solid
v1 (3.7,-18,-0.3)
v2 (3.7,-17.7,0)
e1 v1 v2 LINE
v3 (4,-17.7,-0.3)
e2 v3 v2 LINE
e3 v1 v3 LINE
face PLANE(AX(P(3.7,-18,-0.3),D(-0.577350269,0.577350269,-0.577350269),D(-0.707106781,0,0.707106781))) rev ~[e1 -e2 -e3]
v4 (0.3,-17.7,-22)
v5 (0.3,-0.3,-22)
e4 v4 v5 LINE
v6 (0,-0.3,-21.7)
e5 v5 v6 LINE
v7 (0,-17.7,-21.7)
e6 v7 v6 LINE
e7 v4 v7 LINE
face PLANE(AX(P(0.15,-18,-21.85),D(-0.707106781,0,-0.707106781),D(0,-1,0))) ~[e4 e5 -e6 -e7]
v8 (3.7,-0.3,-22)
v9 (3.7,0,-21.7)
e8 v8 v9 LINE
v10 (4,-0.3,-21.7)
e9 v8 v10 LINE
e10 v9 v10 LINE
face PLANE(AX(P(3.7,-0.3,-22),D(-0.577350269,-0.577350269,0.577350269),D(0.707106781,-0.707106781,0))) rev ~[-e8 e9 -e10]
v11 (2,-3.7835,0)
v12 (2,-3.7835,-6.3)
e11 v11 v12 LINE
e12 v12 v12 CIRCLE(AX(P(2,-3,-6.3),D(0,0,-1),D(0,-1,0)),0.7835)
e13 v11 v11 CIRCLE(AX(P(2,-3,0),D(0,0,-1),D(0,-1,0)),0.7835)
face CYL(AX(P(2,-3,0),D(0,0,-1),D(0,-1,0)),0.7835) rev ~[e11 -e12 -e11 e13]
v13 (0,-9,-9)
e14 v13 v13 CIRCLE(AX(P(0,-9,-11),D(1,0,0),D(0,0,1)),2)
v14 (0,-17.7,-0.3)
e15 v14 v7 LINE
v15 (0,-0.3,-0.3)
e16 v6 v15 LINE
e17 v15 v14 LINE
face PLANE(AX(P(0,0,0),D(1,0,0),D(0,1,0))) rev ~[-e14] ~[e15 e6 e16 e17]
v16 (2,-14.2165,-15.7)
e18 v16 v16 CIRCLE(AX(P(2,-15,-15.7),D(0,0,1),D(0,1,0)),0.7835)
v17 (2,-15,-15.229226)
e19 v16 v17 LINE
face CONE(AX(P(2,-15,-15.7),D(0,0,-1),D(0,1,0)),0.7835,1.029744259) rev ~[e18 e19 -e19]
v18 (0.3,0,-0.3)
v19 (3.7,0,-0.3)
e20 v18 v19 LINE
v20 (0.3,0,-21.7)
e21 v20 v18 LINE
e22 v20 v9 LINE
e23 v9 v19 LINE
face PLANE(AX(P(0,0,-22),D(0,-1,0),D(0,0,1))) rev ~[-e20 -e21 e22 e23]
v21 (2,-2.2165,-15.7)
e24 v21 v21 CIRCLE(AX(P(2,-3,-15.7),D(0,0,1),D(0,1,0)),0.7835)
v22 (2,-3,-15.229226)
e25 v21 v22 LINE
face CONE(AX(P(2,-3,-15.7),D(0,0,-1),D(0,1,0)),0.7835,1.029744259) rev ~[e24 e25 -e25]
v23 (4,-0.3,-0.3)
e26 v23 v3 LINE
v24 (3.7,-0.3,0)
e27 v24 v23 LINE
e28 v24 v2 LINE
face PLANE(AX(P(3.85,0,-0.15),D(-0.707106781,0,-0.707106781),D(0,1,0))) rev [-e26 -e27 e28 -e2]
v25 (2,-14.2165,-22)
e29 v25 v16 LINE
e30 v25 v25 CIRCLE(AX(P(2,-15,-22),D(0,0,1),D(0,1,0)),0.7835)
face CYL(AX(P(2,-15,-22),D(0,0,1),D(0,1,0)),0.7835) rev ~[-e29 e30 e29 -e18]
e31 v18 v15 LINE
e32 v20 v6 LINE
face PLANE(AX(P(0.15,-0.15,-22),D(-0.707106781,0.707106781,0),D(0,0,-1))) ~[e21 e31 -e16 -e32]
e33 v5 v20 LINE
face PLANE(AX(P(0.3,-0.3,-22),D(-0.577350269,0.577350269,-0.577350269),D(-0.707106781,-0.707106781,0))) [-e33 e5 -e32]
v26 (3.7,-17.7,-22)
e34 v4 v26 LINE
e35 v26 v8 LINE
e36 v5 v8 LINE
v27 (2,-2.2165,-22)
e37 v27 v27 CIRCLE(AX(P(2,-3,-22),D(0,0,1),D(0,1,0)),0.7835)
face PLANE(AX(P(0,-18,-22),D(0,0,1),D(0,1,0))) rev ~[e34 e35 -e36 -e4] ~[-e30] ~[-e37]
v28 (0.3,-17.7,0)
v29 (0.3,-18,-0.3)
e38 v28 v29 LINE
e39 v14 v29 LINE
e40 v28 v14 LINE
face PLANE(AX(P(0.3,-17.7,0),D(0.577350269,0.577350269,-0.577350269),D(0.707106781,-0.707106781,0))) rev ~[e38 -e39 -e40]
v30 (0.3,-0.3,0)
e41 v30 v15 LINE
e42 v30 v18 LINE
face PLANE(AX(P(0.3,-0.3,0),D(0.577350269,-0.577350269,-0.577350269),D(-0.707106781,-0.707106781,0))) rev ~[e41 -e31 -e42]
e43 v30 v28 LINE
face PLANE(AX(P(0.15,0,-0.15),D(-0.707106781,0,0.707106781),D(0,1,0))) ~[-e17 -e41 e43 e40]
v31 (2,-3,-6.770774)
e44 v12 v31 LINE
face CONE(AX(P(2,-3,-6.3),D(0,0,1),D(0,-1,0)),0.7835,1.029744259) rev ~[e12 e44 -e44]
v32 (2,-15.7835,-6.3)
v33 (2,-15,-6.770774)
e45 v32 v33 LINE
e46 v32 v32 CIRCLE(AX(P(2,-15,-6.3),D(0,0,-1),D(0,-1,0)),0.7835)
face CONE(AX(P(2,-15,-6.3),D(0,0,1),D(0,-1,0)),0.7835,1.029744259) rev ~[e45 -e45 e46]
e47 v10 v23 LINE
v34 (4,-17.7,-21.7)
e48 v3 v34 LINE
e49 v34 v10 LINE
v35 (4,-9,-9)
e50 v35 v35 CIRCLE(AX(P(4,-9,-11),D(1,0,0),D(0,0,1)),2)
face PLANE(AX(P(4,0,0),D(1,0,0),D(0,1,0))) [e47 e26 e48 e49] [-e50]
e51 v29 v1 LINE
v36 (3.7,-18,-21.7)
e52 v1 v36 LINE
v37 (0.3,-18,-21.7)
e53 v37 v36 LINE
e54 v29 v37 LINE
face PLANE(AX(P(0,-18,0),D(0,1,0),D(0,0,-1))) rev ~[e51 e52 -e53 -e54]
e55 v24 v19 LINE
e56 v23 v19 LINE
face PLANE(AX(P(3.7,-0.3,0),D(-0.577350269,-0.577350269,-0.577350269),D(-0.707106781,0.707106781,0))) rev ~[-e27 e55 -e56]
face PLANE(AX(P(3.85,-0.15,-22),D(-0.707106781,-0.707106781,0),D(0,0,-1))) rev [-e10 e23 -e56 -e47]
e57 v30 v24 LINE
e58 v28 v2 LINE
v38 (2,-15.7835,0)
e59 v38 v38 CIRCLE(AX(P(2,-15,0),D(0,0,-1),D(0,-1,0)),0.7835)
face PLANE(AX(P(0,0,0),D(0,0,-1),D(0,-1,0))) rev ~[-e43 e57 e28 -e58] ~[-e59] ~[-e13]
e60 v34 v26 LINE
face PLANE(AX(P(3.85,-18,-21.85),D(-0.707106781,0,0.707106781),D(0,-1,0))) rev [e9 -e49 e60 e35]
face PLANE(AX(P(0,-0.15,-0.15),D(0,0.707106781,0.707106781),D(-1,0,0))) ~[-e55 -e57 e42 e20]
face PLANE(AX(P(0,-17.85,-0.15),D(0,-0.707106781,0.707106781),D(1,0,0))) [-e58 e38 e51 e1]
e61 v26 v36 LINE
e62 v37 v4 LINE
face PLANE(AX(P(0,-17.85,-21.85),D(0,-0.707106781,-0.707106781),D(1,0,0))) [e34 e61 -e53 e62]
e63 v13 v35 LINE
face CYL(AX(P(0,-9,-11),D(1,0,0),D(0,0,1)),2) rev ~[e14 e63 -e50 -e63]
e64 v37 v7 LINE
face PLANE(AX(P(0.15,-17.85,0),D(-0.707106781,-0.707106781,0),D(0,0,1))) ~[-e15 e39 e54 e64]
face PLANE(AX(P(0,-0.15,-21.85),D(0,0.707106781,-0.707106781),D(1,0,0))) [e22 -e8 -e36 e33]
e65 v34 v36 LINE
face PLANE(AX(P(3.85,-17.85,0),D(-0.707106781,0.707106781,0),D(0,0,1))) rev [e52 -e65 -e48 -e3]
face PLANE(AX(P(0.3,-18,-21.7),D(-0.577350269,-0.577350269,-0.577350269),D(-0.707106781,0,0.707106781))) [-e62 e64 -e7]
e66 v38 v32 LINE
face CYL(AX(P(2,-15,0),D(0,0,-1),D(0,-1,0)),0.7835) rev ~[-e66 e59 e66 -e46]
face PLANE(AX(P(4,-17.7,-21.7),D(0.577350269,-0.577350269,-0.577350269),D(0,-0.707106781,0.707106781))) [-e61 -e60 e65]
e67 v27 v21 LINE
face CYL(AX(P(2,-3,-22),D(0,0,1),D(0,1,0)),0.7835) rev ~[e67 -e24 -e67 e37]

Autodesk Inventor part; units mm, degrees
ref_plane "YZ Plane" through (0, 0, 0) normal (1, 0, 0) x (0, 1, 0)
ref_plane "XZ Plane" through (0, 0, 0) normal (0, 1, 0) x (-1, 0, 0)
ref_plane "XY Plane" through (0, 0, 0) normal (0, 0, 1) x (1, 0, 0)
sketch "Sketch1" plane through (0, 0, 0) normal (1, 0, 0) x (0, 1, 0)
  line L0 (0, 0) -> (-18, 0)
  line L1 (-18, 0) -> (-18, -22)
  line L2 (-18, -22) -> (0, -22)
  line L3 (0, -22) -> (0, 0)
  dimension "d0" = 18
  dimension "d1" = 22
extrude "Extrusion1" add sketch "Sketch1" along normal blind 4
chamfer "Chamfer1" distance 0.3 angle 45 12 edges at (4, 0, -11) (0, 0, -11) (2, 0, -22) (4, -9, 0) (2, 0, 0) (0, -9, -22) (2, -18, -22) (4, -9, -22) (4, -18, -11) (0, -18, -11) (0, -9, 0) (2, -18, 0)
sketch "Sketch2" plane through (0.3, -17.7, 0) normal (0, 0, 1) x (1, 0, 0)
  line L0 (-0.3, 17.4) -> (-0.3, 0) projected
  line L1 (3.4, 17.7) -> (0, 17.7) projected
  line L2 (0, -0.3) -> (3.4, -0.3) projected
  point P0 (-0.3, 17.7)
  point P1 (1.7, 14.7)
  point P2 (1.7, 2.7)
  dimension "d7" = 2
  dimension "d8" = 2
  dimension "d9" = 3
  dimension "d10" = 3
hole "Hole1" at (2, -3, 0) at (2, -15, 0) direction (0, 0, -1) diameter 1.567 depth 6.3 tip angle 118 thread size "M2x0.4" class "6H" standard "ISO Metric profile"
sketch "Sketch3" plane through (3.7, -17.7, -22) normal (0, 0, -1) x (-1, 0, 0)
  circle A0 centre (1.7, 2.7) radius 0.7835 projected
  circle A1 centre (1.7, 14.7) radius 0.7835 projected
  point P0 (3.7, 17.7)
  point P1 (1.7, 2.7)
  point P2 (1.7, 14.7)
hole "Hole2" at (2, -15, -22) at (2, -3, -22) direction (0, 0, 1) diameter 1.567 depth 6.3 tip angle 118 thread size "M2x0.4" class "6H" standard "ISO Metric profile"
sketch "Sketch4" plane through (0, 0, 0) normal (-1, 0, 0) x (0, 0, 1)
  line L0 (-22, -0.3) -> (-22, -17.7) projected
  line L1 (-0.3, 0) -> (-21.7, 0) projected
  point P0 (0, 0)
  point P1 (-11, -9)
  dimension "d25" = 11
  dimension "d26" = 9
hole "Hole3" at (0, -9, -11) direction (1, 0, 0) diameter 4 depth 6.3 tip angle 118
properties part number "Ramka4" material "Steel(1)"
